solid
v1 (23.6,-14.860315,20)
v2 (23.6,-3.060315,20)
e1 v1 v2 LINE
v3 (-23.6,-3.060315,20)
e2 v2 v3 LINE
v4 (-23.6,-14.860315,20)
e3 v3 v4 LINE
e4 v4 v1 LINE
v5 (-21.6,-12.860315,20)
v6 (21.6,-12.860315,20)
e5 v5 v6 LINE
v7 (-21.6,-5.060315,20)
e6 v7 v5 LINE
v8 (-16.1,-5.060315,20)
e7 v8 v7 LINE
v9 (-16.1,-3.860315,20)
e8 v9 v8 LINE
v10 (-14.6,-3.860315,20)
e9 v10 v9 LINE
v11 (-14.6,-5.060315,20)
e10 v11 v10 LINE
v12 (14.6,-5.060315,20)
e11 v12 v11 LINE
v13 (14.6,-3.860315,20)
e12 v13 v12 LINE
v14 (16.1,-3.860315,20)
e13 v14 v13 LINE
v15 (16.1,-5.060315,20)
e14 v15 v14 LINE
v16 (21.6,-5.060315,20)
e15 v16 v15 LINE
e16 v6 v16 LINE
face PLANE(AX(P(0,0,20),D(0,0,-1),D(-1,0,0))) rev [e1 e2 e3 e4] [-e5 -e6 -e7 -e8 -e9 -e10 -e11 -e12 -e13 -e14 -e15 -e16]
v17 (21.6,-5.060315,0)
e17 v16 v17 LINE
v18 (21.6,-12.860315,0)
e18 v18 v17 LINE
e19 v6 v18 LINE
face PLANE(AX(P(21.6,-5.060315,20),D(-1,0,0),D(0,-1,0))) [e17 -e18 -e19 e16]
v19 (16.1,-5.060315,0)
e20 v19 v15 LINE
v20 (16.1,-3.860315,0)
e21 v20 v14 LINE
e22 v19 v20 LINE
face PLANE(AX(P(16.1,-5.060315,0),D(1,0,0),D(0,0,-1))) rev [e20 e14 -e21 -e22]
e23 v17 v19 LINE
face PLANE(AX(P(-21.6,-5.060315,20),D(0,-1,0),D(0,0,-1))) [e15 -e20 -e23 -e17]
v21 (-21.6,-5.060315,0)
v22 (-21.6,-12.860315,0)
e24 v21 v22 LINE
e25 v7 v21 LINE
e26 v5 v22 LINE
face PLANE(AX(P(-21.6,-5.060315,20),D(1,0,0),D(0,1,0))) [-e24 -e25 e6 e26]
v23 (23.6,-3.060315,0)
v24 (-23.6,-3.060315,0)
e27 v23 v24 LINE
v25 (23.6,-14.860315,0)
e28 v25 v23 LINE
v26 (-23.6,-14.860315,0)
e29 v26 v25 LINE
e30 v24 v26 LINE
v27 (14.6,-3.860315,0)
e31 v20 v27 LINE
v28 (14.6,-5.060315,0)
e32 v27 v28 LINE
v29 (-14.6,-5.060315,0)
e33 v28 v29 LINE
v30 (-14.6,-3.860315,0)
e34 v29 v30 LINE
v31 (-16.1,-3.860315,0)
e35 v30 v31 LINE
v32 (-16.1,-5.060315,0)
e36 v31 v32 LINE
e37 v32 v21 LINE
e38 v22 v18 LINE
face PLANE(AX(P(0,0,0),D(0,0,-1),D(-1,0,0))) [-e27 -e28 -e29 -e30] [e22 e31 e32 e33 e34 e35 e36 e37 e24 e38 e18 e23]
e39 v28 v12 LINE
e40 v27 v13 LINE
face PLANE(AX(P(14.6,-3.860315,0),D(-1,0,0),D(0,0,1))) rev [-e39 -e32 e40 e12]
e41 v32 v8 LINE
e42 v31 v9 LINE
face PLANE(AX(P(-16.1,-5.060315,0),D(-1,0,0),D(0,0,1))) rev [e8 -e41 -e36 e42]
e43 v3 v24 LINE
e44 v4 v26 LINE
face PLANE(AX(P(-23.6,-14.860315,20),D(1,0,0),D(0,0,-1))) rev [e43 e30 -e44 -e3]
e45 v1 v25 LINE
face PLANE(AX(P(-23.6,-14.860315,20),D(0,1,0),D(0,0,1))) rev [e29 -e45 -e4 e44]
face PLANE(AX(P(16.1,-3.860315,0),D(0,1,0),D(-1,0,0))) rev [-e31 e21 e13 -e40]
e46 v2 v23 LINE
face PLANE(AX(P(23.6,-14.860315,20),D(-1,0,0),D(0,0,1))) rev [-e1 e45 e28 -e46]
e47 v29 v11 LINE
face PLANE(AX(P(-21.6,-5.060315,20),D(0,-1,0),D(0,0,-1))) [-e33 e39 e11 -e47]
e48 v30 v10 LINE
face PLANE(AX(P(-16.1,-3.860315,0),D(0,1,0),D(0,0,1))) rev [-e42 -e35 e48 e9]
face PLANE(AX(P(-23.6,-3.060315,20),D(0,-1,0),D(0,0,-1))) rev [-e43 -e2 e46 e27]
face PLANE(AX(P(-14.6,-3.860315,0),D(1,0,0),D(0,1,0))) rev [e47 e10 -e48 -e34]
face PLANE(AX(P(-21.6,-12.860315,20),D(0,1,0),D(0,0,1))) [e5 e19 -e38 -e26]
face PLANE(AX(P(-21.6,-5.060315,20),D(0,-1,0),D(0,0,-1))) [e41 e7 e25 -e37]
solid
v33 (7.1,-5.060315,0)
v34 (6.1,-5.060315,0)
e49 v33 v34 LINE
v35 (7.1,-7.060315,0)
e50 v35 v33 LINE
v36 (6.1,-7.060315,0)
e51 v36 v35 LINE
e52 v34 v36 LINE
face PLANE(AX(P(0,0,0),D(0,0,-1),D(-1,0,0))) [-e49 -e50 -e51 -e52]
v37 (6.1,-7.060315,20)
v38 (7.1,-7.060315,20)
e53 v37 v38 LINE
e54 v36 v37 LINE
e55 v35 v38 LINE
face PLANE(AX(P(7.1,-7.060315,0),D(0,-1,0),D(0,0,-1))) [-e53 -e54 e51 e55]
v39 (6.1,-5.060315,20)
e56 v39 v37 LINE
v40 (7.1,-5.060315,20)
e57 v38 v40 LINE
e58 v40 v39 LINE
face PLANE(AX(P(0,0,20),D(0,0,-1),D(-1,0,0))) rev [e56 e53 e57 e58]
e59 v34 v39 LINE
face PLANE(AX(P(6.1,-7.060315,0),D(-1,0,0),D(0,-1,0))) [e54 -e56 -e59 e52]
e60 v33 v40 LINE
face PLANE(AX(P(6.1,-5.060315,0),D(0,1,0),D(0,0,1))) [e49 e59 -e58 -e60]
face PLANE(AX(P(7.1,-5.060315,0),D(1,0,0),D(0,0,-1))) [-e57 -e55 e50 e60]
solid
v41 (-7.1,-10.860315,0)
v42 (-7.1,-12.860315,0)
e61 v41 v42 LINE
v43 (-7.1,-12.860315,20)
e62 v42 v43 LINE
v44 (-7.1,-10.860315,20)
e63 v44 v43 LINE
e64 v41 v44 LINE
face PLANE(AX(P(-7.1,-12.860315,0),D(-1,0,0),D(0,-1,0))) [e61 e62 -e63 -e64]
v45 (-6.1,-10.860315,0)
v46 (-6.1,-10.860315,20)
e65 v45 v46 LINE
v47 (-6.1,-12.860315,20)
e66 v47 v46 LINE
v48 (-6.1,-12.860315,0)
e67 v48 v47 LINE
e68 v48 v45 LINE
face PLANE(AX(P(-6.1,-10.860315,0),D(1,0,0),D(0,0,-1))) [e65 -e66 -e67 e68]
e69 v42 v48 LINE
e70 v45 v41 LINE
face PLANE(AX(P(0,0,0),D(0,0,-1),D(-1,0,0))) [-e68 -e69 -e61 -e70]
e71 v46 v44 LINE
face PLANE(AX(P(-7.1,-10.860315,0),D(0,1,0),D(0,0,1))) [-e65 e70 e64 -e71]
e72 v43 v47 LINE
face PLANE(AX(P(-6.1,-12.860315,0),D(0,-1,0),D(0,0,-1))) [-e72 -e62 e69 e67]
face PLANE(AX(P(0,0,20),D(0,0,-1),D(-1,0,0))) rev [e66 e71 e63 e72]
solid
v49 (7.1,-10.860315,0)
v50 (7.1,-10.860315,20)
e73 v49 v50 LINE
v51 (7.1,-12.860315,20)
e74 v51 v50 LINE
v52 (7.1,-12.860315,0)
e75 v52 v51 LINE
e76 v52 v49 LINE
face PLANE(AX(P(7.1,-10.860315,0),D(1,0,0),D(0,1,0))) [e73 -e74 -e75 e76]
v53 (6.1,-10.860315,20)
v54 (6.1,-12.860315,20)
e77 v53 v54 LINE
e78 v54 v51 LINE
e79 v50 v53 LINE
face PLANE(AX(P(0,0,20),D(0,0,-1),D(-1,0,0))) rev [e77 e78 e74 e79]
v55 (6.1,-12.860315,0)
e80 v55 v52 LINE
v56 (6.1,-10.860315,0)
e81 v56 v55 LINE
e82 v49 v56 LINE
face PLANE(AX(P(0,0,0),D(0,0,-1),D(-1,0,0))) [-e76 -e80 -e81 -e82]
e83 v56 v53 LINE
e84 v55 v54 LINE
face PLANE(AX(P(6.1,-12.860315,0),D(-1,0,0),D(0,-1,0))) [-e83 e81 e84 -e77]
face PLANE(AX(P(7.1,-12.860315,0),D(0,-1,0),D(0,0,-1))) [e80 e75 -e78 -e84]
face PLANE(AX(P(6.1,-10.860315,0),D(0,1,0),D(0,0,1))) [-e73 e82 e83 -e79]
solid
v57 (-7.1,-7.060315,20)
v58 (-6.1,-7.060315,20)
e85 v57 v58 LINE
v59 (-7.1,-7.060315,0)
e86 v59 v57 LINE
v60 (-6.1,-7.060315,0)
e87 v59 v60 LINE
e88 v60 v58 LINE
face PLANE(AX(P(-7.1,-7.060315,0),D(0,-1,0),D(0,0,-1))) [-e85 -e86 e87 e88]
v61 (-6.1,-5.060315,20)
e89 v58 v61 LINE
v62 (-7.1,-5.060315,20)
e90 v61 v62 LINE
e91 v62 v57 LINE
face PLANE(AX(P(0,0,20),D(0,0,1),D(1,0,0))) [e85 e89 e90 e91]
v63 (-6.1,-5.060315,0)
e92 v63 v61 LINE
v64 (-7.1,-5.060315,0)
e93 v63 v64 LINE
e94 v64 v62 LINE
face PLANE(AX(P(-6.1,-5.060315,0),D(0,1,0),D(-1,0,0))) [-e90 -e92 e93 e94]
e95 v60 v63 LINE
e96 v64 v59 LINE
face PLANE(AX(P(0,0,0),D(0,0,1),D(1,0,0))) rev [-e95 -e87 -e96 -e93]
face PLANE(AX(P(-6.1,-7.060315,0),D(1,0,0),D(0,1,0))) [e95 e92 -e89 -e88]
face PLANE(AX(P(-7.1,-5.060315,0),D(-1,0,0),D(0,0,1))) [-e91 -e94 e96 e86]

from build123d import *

# Parameters (mm, degrees)
CROQUIS1_W                = 47.2
CROQUIS1_H                = 11.8
CROQUIS1_W_2              = 43.2
CROQUIS1_H_2              = 7.8
SALIENTE_EXTRUIR1_DEPTH   = 20
CROQUIS2_W                = 1.5
CROQUIS2_H                = 1.2
CORTAR_EXTRUIR1_DEPTH     = 20
CROQUIS3_W                = 1
CROQUIS3_H                = 2
SALIENTE_EXTRUIR2_DEPTH   = 20
SALIENTE_EXTRUIR2_2_DEPTH = 20
SALIENTE_EXTRUIR2_3_DEPTH = 20
SALIENTE_EXTRUIR2_4_DEPTH = 20


with BuildPart() as part:
    # Croquis1 → Saliente-Extruir1 (new body)
    with BuildSketch(Plane.XY):
        with Locations((0, -8.96031539)):
            Rectangle(CROQUIS1_W, CROQUIS1_H)
        with Locations((0, -8.96031539)):
            Rectangle(CROQUIS1_W_2, CROQUIS1_H_2, mode=Mode.SUBTRACT)
    extrude(amount=SALIENTE_EXTRUIR1_DEPTH)

    # Croquis2 → Cortar-Extruir1 (cut)
    with BuildSketch(Plane.XY.offset(20)):
        with Locations((-15.35, -4.46031539)):
            Rectangle(CROQUIS2_W, CROQUIS2_H)
        with Locations((15.35, -4.46031539)):
            Rectangle(CROQUIS2_W, CROQUIS2_H)
    extrude(amount=-CORTAR_EXTRUIR1_DEPTH, mode=Mode.SUBTRACT)


with BuildPart() as body_2:
    # Croquis3 → Saliente-Extruir2 (new body)
    with BuildSketch(Plane.XY.offset(20)):
        with Locations((-6.6, -6.06031539)):
            Rectangle(CROQUIS3_W, CROQUIS3_H)
    extrude(amount=-SALIENTE_EXTRUIR2_DEPTH)


with BuildPart() as body_3:
    # Croquis3 → Saliente-Extruir2 2 (new body)
    with BuildSketch(Plane.XY.offset(20)):
        with Locations((6.6, -6.06031539)):
            Rectangle(CROQUIS3_W, CROQUIS3_H)
    extrude(amount=-SALIENTE_EXTRUIR2_2_DEPTH)


with BuildPart() as body_4:
    # Croquis3 → Saliente-Extruir2 3 (new body)
    with BuildSketch(Plane.XY.offset(20)):
        with Locations((-6.6, -11.86031539)):
            Rectangle(CROQUIS3_W, CROQUIS3_H)
    extrude(amount=-SALIENTE_EXTRUIR2_3_DEPTH)


with BuildPart() as body_5:
    # Croquis3 → Saliente-Extruir2 4 (new body)
    with BuildSketch(Plane.XY.offset(20)):
        with Locations((6.6, -11.86031539)):
            Rectangle(CROQUIS3_W, CROQUIS3_H)
    extrude(amount=-SALIENTE_EXTRUIR2_4_DEPTH)


solid = Compound([part.part, body_2.part, body_3.part, body_4.part, body_5.part])
